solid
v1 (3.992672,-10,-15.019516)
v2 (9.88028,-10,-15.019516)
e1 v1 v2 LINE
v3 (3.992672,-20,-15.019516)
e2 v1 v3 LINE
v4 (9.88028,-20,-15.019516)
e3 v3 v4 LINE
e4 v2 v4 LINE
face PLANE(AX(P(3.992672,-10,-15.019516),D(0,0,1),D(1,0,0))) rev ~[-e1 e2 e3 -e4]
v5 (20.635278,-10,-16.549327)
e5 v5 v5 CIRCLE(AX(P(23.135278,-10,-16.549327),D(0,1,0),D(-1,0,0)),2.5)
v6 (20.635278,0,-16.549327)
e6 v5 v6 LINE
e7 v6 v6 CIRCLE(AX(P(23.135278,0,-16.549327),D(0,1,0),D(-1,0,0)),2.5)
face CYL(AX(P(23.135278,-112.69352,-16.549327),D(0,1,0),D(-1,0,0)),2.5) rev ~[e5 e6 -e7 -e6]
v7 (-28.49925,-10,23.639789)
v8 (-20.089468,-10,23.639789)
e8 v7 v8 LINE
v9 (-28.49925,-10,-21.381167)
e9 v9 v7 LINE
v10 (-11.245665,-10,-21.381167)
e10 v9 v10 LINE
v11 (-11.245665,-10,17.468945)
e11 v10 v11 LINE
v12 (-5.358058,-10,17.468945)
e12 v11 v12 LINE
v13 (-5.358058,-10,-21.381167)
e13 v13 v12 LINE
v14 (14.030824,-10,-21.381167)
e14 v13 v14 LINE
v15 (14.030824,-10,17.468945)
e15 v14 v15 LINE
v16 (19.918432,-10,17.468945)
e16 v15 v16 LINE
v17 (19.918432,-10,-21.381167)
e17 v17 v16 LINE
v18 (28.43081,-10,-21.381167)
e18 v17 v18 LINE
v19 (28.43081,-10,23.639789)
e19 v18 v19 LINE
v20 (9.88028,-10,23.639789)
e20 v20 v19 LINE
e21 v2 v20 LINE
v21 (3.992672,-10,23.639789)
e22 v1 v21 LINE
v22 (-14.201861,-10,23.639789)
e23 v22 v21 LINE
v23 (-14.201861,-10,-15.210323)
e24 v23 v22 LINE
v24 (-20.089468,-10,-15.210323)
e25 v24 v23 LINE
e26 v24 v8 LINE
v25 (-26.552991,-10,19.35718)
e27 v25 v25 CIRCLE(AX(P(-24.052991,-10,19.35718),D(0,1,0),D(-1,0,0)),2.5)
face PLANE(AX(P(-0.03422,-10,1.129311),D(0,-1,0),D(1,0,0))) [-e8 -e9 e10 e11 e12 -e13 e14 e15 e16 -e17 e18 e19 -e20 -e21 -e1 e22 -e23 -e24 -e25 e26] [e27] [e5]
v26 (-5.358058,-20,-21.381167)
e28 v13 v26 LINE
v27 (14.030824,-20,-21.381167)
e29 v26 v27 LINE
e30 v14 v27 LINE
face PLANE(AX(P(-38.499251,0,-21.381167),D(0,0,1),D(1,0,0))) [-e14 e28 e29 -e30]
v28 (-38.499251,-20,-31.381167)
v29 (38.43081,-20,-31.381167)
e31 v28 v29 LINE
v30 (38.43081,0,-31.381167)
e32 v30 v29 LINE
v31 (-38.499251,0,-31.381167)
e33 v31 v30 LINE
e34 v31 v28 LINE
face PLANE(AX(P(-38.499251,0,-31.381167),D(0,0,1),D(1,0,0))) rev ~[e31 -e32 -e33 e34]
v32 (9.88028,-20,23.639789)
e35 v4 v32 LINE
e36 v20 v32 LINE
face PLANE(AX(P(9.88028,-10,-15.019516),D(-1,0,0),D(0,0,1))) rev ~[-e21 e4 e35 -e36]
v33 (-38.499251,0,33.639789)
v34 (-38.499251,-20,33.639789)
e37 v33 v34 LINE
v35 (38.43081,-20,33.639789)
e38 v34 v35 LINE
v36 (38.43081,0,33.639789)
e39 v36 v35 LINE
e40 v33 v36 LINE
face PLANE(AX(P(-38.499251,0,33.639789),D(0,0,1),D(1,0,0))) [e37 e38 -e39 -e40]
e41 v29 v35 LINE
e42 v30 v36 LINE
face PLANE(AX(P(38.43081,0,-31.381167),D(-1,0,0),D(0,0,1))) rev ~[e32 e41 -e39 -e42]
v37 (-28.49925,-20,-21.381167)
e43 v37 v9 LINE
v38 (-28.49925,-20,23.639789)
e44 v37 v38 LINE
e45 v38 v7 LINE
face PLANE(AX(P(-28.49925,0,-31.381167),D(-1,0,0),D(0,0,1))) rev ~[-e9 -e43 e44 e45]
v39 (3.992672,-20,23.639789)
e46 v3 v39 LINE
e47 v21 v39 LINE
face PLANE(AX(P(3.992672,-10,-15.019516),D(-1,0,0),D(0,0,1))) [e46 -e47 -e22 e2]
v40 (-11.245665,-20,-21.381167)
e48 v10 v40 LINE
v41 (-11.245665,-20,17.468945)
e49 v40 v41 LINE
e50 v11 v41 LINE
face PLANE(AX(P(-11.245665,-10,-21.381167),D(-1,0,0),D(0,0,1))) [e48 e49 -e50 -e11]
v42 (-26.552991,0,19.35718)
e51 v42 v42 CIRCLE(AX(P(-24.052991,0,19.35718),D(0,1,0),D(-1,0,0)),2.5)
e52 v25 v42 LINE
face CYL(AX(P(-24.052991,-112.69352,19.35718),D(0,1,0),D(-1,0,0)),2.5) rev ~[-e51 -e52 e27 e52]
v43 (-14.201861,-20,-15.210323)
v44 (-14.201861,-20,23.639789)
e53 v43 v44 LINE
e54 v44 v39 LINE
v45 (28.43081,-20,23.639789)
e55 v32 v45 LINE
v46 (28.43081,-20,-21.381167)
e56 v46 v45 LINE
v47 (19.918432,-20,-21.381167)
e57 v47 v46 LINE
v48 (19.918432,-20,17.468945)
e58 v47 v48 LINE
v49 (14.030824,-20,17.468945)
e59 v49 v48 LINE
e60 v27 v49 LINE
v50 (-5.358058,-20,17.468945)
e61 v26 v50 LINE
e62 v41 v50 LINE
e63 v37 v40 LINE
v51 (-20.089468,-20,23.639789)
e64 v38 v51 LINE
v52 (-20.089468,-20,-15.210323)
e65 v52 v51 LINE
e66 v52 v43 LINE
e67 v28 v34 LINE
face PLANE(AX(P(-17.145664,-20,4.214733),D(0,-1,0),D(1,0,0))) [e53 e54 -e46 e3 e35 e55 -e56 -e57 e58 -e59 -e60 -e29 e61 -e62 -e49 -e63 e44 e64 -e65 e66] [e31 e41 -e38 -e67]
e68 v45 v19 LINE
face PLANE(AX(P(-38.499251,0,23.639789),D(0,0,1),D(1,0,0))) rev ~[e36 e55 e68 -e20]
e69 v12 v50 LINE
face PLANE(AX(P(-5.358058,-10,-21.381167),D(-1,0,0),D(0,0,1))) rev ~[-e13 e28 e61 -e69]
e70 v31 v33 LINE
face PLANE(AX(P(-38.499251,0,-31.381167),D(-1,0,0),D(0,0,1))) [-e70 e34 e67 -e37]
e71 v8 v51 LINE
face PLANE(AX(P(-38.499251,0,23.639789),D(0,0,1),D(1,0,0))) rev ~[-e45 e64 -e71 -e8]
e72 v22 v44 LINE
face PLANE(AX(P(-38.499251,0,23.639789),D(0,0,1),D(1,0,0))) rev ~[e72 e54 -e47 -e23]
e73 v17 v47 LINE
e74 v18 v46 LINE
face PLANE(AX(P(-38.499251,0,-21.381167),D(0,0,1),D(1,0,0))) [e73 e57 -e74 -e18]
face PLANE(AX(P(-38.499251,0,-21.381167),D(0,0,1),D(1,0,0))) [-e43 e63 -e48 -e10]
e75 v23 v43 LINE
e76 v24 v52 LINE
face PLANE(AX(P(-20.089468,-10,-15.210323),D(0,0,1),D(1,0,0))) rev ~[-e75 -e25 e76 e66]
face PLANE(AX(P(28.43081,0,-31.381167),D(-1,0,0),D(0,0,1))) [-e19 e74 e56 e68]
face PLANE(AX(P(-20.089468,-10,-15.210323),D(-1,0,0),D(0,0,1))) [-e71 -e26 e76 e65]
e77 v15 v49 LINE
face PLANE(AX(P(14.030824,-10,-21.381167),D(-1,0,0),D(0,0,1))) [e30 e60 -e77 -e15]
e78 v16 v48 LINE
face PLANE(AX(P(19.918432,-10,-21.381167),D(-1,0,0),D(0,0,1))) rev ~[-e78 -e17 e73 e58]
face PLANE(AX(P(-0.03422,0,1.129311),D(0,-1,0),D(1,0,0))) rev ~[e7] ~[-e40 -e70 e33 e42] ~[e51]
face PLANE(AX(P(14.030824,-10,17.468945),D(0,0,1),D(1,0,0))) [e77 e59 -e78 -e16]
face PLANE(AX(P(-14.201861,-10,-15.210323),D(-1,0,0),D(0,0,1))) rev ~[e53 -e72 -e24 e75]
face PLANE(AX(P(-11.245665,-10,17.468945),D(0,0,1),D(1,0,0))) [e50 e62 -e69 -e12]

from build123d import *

# Parameters (mm, degrees)
F0_W     = 76.930061
F0_H     = 65.020956
F1_DEPTH = 20
F2_T     = -10
F4_D     = 5
F5_W     = 5.887607
F5_H     = 38.850113
F5_H_2   = 38.850112
F5_W_2   = 5.887608
F6_DEPTH = 10


with BuildPart() as f1:
    # F0 (on Front) → F1 (new body)
    with BuildSketch(Plane.XZ):
        with Locations((-0.03422, 1.129311)):
            Rectangle(F0_W, F0_H)
    extrude(amount=F1_DEPTH)

    # F2
    f2_openings = [f1.faces().sort_by_distance(p)[0] for p in [
        (-0.034221, -20, 1.129311),
    ]]
    offset(amount=F2_T, openings=f2_openings)

    # F4 (through all)
    with Locations(Plane.XZ.offset(10)):
        with Locations((-24.052991, 19.35718), (23.135278, -16.549327)):
            Hole(F4_D / 2)

    # F5 (on face) → F6 (join)
    with BuildSketch(Plane.XZ.offset(10)):
        with Locations((-17.145664, 4.214733)):
            Rectangle(F5_W, F5_H)
        with Locations((-8.301861, -1.956111)):
            Rectangle(F5_W, F5_H_2)
        with Locations((16.974628, -1.956111)):
            Rectangle(F5_W_2, F5_H_2)
        with Locations((6.936476, 4.405541)):
            Rectangle(F5_W, F5_H)
    extrude(amount=F6_DEPTH)


solid = f1.part
